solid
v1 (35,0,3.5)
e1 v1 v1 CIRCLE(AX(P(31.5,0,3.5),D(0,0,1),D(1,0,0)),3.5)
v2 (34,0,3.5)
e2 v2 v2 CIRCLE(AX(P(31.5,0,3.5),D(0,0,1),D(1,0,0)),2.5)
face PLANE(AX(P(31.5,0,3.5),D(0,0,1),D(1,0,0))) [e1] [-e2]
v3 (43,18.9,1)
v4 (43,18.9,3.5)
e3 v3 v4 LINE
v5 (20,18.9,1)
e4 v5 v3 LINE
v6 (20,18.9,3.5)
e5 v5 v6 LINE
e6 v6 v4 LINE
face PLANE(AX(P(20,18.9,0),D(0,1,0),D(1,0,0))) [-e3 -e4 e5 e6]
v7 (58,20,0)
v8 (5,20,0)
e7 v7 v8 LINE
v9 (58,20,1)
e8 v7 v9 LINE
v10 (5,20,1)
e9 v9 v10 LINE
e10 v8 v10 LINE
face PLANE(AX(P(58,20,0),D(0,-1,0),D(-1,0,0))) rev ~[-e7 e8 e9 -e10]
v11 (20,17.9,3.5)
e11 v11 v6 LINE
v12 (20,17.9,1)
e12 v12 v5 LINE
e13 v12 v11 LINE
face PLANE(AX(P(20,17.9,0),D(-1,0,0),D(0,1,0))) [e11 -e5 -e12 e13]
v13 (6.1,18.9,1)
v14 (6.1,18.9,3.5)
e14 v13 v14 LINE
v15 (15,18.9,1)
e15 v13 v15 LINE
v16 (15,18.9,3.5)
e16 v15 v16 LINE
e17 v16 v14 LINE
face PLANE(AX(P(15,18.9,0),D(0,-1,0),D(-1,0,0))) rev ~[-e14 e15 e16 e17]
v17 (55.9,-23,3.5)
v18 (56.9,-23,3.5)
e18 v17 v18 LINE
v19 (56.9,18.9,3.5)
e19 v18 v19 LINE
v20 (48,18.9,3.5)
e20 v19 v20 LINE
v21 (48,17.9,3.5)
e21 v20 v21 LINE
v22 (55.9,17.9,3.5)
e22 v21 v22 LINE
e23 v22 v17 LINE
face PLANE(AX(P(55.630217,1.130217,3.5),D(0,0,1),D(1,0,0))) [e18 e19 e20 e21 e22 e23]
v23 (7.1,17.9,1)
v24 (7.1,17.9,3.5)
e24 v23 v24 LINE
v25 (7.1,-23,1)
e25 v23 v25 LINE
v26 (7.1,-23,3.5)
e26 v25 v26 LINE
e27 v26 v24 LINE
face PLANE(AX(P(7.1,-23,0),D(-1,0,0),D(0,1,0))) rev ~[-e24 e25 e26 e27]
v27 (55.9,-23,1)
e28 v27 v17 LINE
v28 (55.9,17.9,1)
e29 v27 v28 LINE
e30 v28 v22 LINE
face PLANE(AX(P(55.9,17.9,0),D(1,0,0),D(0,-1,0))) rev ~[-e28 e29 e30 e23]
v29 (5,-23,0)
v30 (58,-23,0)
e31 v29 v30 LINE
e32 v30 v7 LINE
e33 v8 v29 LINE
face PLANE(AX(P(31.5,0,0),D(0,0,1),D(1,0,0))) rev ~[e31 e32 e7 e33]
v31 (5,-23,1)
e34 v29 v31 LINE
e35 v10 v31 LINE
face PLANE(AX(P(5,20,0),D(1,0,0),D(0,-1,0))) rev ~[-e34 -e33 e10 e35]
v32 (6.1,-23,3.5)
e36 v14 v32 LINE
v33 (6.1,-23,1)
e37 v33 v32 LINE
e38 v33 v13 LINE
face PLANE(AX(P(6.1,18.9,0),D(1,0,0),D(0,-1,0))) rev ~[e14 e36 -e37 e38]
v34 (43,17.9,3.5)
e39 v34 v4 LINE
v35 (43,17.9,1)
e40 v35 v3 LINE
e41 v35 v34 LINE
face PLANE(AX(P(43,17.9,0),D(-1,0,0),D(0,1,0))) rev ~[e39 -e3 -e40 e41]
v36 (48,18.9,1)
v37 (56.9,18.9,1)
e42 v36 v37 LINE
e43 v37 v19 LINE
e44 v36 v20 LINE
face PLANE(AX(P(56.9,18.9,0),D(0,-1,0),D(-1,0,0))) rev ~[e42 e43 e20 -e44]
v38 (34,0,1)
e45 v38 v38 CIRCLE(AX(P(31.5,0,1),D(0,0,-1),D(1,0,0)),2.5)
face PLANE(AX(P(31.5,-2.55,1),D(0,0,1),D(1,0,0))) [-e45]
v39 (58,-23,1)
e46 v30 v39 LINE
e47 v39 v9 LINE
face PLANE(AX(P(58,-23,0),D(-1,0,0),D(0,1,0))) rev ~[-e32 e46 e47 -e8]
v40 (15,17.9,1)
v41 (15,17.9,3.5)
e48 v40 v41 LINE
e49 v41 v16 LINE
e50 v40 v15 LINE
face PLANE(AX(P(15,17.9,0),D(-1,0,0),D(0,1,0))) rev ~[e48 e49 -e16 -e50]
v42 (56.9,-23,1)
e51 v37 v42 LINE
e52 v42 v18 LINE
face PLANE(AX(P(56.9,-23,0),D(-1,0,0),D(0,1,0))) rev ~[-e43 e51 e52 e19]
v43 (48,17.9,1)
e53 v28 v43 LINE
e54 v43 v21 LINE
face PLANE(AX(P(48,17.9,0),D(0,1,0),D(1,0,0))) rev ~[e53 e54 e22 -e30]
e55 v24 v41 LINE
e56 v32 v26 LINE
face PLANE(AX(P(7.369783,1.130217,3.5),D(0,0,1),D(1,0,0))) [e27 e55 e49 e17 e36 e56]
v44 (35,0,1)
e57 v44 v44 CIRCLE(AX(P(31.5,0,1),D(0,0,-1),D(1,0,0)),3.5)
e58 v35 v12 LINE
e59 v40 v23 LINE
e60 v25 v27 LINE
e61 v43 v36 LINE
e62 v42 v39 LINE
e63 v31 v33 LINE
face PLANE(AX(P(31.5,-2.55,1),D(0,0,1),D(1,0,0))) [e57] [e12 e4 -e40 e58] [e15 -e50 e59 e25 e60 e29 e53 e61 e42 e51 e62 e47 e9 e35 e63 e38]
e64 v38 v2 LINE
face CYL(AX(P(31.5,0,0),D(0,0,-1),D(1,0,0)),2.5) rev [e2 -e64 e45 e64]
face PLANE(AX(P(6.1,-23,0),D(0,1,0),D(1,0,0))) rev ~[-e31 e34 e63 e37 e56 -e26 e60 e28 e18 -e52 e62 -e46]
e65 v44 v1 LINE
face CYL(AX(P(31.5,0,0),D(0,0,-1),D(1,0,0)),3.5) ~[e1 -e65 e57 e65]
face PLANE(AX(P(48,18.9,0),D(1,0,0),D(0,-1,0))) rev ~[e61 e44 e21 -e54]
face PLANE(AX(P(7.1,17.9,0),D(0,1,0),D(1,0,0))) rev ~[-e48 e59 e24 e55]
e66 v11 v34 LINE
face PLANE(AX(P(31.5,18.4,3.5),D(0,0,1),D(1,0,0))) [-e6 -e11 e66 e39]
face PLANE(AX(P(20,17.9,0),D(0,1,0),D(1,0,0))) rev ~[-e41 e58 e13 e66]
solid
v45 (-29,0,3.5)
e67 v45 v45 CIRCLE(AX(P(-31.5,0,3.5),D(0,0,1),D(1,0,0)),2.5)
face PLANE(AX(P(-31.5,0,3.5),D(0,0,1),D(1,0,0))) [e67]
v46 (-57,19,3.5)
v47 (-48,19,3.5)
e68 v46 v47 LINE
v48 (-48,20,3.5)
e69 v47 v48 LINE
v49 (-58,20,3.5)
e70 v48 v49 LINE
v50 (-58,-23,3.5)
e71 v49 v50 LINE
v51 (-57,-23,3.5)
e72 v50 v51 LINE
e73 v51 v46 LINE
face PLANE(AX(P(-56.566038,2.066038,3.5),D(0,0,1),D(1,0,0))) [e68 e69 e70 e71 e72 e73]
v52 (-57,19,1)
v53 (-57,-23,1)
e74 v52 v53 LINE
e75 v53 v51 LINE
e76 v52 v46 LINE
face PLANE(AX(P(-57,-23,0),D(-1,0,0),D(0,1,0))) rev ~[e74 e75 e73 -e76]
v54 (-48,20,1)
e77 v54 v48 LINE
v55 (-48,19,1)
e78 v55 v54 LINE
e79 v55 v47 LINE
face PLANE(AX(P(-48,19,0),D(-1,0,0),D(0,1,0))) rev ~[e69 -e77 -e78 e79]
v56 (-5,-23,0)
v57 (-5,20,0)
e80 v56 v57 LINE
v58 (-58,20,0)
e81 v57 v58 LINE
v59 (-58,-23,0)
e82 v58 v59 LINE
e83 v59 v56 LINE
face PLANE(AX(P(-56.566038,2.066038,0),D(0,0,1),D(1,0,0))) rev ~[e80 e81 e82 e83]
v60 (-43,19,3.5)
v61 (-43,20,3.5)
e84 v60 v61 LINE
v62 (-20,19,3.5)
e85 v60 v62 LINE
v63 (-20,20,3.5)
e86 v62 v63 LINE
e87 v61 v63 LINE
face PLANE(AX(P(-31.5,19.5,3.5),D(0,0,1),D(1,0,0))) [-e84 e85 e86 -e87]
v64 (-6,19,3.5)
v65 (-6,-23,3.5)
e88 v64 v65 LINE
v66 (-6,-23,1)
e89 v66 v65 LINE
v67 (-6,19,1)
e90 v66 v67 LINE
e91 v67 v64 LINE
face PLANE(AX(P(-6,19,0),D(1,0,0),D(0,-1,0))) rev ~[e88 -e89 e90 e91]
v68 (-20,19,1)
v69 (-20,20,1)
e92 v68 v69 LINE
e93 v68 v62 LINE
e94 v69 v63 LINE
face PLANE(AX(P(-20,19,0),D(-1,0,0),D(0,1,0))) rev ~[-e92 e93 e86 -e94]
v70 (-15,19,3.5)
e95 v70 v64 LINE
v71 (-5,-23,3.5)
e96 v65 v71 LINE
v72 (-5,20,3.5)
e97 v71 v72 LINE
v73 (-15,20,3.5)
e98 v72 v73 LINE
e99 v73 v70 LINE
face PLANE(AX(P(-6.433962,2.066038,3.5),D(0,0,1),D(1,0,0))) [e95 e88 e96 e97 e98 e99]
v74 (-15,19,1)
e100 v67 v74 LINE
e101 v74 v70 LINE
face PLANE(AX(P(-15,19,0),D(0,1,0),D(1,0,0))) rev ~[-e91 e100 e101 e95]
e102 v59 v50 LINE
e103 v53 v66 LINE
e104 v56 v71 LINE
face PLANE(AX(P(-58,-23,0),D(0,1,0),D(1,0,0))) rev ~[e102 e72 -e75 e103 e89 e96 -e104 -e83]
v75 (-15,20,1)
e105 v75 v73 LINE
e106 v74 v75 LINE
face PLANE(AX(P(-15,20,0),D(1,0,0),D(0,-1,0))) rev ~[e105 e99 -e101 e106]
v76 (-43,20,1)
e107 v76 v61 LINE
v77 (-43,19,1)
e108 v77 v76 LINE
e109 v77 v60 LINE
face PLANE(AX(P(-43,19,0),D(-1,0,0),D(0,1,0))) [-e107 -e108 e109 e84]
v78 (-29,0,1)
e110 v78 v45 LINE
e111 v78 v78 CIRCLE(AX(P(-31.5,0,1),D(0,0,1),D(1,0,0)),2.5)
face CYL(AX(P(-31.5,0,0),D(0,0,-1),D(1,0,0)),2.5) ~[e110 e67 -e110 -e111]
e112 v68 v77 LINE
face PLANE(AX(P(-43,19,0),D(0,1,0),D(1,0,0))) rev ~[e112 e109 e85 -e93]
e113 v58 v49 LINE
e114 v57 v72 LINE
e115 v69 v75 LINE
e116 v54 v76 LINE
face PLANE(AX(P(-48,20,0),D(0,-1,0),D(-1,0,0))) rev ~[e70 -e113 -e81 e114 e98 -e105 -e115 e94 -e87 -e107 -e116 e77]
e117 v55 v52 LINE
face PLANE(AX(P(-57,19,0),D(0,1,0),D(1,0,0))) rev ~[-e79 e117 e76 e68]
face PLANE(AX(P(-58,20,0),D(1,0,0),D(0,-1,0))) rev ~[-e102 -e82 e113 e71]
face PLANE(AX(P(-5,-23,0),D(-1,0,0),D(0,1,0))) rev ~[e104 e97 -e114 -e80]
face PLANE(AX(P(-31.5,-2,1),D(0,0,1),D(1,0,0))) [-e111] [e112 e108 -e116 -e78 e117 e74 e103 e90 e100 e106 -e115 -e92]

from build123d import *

# Parameters (mm, degrees)
F0_R     = 2.5
F0_W     = 5
F0_H     = 1
F1_DEPTH = 1
F0_W_2   = 23
F2_DEPTH = 3.5
F3_DEPTH = 3.5
F4_R     = 3.5
F4_R_2   = 2.5
F4_W     = 23
F4_H     = 1.1
F4_W_2   = 5
F4_H_2   = 1
F5_DEPTH = 1
F6_DEPTH = 3.5
F7_DEPTH = 3.5


with BuildPart() as f1:
    # F0 (on Top) → F1 (new body)
    with BuildSketch(Plane.XY):
        Polygon((-57, 19), (-57, -23), (-6, -23), (-6, 19), (-15, 19), (-20, 19), (-43, 19), (-48, 19), align=None)
        with Locations((-31.5, 0)):
            Circle(F0_R, mode=Mode.SUBTRACT)
        with Locations((-17.5, 19.5)):
            Rectangle(F0_W, F0_H)
        with Locations((-45.5, 19.5)):
            Rectangle(F0_W, F0_H)
    extrude(amount=F1_DEPTH)

    # F0 (on Top) → F2 (join)
    with BuildSketch(Plane.XY):
        Polygon((-58, 20), (-58, -23), (-57, -23), (-57, 19), (-48, 19), (-48, 20), align=None)
        with Locations((-31.5, 19.5)):
            Rectangle(F0_W_2, F0_H)
        Polygon((-6, 19), (-6, -23), (-5, -23), (-5, 20), (-15, 20), (-15, 19), align=None)
    extrude(amount=F2_DEPTH)

    # F0 (on Top) → F3 (join)
    with BuildSketch(Plane.XY):
        with Locations((-31.5, 0)):
            Circle(F0_R)
    extrude(amount=F3_DEPTH)


with BuildPart() as f5:
    # F4 (on Top) → F5 (new body)
    with BuildSketch(Plane.XY):
        Polygon((7.1, 17.9), (7.1, -23), (55.9, -23), (55.9, 17.9), (48, 17.9), (43, 17.9), (20, 17.9), (15, 17.9), align=None)
        with Locations((31.5, 0)):
            Circle(F4_R, mode=Mode.SUBTRACT)
        Polygon((5, 20), (5, -23), (6.1, -23), (6.1, 18.9), (15, 18.9), (15, 20), align=None)
        Polygon((56.9, 18.9), (56.9, -23), (58, -23), (58, 20), (48, 20), (48, 18.9), align=None)
        with Locations((31.5, 0)):
            Circle(F4_R)
        with Locations((31.5, 0)):
            Circle(F4_R_2, mode=Mode.SUBTRACT)
        with Locations((31.5, 19.45)):
            Rectangle(F4_W, F4_H)
        with Locations((31.5, 0)):
            Circle(F4_R_2)
        with Locations((17.5, 19.45)):
            Rectangle(F4_W_2, F4_H)
        with Locations((45.5, 19.45)):
            Rectangle(F4_W_2, F4_H)
        with Locations((17.5, 18.4)):
            Rectangle(F4_W_2, F4_H_2)
        with Locations((45.5, 18.4)):
            Rectangle(F4_W_2, F4_H_2)
    extrude(amount=F5_DEPTH)

    # F4 (on Top) → F6 (join)
    with BuildSketch(Plane.XY):
        Polygon((6.1, 18.9), (6.1, -23), (7.1, -23), (7.1, 17.9), (15, 17.9), (15, 18.9), align=None)
        with Locations((31.5, 18.4)):
            Rectangle(F4_W, F4_H_2)
        Polygon((55.9, 17.9), (55.9, -23), (56.9, -23), (56.9, 18.9), (48, 18.9), (48, 17.9), align=None)
    extrude(amount=F6_DEPTH)

    # F4 (on Top) → F7 (join)
    with BuildSketch(Plane.XY):
        with Locations((31.5, 0)):
            Circle(F4_R)
        with Locations((31.5, 0)):
            Circle(F4_R_2, mode=Mode.SUBTRACT)
    extrude(amount=F7_DEPTH)


solid = Compound([f1.part, f5.part])
